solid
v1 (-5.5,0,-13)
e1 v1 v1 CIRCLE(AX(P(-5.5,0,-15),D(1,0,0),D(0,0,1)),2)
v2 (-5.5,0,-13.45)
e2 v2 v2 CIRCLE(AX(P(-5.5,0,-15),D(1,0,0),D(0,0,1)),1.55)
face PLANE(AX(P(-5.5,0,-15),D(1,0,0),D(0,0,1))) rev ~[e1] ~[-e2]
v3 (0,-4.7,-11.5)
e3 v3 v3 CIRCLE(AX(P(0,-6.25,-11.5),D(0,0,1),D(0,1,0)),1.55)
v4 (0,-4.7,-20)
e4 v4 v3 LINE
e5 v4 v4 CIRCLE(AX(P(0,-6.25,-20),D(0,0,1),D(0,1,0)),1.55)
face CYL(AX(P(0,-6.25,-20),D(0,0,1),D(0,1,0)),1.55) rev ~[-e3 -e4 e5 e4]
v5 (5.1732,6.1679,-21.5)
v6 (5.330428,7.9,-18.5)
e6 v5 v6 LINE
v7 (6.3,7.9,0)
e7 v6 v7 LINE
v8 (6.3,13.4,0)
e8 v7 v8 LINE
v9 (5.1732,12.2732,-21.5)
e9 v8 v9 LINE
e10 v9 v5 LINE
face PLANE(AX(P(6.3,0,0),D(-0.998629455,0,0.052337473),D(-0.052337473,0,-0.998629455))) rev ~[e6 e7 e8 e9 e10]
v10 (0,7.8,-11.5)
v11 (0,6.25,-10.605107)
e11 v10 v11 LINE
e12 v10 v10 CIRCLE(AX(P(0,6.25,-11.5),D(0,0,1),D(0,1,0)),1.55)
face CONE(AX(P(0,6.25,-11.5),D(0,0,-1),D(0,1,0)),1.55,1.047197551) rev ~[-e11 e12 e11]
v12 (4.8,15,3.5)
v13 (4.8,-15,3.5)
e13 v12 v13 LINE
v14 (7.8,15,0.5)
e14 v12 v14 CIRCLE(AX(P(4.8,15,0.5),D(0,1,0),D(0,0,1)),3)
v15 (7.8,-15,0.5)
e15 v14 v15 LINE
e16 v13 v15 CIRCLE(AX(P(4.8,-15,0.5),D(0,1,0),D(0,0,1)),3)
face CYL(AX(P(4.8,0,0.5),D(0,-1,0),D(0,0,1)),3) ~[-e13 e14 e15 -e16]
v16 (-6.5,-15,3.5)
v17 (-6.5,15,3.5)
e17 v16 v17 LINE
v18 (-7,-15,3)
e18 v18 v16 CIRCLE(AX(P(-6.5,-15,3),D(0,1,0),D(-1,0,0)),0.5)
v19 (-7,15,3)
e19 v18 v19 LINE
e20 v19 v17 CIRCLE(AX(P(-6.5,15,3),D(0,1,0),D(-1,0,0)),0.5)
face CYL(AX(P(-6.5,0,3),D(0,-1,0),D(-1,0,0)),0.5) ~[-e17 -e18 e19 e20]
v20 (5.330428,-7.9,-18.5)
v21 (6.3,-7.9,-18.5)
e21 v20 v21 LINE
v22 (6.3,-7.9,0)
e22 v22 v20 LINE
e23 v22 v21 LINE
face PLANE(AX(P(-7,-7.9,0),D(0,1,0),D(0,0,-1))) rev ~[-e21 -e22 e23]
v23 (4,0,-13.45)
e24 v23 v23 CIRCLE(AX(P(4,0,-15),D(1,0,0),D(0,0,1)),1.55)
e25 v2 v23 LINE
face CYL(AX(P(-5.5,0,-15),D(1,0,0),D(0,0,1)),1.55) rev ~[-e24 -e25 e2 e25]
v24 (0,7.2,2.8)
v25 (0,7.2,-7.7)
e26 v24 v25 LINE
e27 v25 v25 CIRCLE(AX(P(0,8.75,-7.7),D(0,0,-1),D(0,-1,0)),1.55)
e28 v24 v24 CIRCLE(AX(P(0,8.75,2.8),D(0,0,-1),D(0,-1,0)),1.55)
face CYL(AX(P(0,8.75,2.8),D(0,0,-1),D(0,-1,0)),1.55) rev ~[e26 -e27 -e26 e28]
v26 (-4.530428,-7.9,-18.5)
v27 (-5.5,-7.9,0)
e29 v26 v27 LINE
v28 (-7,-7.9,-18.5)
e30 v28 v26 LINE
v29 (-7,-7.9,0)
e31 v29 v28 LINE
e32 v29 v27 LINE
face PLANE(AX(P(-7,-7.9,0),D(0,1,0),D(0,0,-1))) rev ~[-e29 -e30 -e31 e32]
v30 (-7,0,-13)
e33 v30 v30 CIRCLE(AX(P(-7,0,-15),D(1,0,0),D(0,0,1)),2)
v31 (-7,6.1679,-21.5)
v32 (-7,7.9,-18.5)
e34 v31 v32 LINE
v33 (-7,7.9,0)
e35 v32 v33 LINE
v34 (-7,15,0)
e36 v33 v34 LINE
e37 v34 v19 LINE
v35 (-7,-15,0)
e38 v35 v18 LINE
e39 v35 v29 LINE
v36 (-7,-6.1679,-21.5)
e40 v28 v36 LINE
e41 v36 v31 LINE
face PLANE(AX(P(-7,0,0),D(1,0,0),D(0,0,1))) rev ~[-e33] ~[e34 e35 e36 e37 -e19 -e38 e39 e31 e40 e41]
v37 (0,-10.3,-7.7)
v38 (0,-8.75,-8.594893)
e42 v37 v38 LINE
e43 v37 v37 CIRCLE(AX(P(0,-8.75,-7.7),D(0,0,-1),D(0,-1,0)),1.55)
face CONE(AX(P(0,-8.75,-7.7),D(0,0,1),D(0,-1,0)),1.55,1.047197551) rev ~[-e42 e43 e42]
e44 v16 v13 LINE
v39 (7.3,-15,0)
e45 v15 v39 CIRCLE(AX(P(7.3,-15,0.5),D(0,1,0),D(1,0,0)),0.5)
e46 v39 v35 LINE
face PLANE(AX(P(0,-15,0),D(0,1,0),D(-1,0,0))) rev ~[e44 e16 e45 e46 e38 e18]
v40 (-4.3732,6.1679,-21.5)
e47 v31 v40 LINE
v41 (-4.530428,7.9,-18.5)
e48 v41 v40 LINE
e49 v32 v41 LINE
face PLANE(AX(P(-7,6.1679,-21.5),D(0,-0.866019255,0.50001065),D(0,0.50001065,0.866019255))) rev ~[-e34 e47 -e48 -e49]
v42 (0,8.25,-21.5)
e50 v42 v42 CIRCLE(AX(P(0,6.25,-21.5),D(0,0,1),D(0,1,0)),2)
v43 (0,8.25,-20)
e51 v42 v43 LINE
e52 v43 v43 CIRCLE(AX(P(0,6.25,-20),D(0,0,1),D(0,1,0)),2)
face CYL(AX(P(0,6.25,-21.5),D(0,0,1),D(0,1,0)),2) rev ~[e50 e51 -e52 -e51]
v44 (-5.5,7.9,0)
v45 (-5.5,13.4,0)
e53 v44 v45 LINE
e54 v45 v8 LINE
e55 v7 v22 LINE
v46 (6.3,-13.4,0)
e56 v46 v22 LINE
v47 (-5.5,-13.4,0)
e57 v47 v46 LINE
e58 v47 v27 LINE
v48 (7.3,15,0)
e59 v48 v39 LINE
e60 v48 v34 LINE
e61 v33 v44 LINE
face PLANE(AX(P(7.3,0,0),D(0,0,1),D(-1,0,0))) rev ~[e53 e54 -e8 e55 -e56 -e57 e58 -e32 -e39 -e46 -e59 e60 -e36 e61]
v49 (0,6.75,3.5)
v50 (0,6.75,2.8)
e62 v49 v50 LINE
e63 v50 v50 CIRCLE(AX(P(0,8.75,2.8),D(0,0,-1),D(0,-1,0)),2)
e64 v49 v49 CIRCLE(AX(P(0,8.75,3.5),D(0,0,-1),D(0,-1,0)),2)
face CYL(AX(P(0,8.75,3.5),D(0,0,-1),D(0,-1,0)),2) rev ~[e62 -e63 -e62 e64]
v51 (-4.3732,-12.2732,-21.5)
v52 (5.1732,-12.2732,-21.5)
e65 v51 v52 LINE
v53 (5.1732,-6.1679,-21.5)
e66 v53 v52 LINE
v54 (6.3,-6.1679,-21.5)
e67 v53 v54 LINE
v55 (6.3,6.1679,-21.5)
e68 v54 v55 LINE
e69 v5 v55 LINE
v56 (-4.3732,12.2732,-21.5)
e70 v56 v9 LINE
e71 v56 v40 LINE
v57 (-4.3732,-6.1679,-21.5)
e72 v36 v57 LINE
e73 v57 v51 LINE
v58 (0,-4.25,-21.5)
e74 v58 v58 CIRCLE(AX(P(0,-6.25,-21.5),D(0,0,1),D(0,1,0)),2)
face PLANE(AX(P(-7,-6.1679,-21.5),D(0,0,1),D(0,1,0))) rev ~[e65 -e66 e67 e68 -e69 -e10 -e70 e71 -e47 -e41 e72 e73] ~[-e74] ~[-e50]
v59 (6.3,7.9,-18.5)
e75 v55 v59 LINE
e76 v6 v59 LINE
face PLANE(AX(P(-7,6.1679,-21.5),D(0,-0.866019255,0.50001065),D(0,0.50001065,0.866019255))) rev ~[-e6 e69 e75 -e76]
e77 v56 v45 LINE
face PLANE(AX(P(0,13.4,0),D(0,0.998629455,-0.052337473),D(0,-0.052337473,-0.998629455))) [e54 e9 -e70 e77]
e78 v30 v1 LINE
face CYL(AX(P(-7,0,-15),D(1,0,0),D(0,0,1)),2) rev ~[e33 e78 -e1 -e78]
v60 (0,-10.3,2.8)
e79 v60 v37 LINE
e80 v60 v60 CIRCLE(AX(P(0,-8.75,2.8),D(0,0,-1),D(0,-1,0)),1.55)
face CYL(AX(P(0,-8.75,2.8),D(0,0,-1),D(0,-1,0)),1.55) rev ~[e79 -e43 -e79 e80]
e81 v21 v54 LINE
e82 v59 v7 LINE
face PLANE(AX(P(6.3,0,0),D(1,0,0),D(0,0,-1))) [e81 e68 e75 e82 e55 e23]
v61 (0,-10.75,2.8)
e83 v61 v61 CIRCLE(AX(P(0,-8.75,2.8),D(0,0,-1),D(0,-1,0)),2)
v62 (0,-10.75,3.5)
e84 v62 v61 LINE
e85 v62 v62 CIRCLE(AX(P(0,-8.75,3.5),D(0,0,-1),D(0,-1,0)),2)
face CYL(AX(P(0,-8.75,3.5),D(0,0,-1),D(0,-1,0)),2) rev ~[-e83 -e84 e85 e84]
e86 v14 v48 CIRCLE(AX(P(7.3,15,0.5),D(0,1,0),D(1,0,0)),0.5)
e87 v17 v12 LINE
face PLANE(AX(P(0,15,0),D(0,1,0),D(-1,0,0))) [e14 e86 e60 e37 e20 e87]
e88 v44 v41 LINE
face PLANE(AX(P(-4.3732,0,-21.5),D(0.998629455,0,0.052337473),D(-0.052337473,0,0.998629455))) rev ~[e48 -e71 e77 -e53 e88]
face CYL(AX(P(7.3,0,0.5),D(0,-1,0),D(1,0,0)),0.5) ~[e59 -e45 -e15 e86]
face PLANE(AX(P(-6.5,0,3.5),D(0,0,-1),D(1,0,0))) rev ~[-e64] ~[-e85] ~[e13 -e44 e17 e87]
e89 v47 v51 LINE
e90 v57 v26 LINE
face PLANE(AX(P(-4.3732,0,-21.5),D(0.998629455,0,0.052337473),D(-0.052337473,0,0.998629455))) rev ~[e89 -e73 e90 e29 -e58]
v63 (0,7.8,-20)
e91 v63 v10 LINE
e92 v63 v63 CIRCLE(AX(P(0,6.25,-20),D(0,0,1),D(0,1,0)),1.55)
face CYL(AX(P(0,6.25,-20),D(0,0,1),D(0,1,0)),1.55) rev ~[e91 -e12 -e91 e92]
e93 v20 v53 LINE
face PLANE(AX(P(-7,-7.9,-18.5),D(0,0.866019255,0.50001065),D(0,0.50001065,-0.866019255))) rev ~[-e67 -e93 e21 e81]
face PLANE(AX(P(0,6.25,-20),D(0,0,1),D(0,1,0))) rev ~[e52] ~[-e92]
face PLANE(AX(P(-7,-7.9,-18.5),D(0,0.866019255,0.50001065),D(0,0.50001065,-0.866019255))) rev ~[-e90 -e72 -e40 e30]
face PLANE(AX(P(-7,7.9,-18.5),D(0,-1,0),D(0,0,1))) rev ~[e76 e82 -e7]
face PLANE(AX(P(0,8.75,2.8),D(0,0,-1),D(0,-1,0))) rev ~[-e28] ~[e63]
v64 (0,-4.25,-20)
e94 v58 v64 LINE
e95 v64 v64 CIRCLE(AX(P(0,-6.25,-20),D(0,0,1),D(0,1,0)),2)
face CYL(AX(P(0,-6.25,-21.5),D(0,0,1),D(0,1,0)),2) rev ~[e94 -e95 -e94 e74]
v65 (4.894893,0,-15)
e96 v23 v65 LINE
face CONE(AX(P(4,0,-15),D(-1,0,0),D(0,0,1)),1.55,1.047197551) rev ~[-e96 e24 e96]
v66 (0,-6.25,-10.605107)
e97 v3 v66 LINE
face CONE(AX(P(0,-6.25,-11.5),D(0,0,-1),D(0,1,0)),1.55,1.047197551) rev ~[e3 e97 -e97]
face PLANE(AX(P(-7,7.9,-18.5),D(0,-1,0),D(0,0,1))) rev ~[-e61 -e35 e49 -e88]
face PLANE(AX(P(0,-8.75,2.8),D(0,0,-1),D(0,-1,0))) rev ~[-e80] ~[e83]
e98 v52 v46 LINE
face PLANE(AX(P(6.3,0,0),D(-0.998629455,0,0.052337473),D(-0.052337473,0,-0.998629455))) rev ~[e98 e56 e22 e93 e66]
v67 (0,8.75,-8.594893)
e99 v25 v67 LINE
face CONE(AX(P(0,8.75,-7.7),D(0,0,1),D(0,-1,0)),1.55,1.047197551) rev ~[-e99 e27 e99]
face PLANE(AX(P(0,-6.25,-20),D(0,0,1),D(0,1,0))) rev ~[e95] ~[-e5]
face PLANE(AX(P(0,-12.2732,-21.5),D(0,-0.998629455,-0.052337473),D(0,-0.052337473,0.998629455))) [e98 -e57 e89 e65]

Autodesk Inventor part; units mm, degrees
sketch "Sketch_1" plane through (0, 0, 0) normal (0, 1, 0) x (-1, 0, 0)
  line L0 (5.5, 0) -> (-6.3, 0)
  line L1 (-6.3, 0) -> (-5.1732, -21.5)
  line L2 (-5.1732, -21.5) -> (4.3732, -21.5)
  line L3 (4.3732, -21.5) -> (5.5, 0)
extrude "Extrusion1" add sketch "Sketch_1" along normal mid plane 26.8
sketch "Sketch_2" plane through (0, 0, 0) normal (1, 0, 0) x (0, 1, 0)
  line L0 (13.4, 0) -> (12.2732, -21.5)
  line L1 (12.2732, -21.5) -> (-12.2732, -21.5)
  line L2 (-12.2732, -21.5) -> (-13.4, 0)
  line L3 (-13.4, 0) -> (-15, 0)
  line L4 (-15, 0) -> (-15, -25)
  line L5 (-15, -25) -> (15, -25)
  line L6 (15, -25) -> (15, 0)
  line L7 (15, 0) -> (13.4, 0)
extrude "Extrusion2" cut sketch "Sketch_2" along normal mid plane 13
sketch "Sketch_3" plane through (-7, 0, 0) normal (1, 0, 0) x (0, 0, -1)
  line L0 (0, -7.9) -> (18.5, -7.9)
  line L1 (18.5, -7.9) -> (21.5, -6.1679)
  line L2 (21.5, -6.1679) -> (21.5, 6.1679)
  line L3 (21.5, 6.1679) -> (18.5, 7.9)
  line L4 (18.5, 7.9) -> (0, 7.9)
  line L5 (0, 7.9) -> (0, -7.9)
extrude "Extrusion3" add sketch "Sketch_3" along normal blind 13.3
sketch "Sketch_4" plane through (0, 0, 0) normal (0, 1, 0) x (-1, 0, 0)
  line L0 (7, 0) -> (7, 3)
  arc A0 (7, 3) -> (6.5, 3.5) centre (6.5, 3) ccw
  line L1 (6.5, 3.5) -> (-4.8, 3.5)
  arc A1 (-4.8, 3.5) -> (-7.8, 0.5) centre (-4.8, 0.5) ccw
  arc A2 (-7.8, 0.5) -> (-7.3, 0) centre (-7.3, 0.5) ccw
  line L2 (-7.3, 0) -> (7, 0)
extrude "Extrusion4" add sketch "Sketch_4" along normal mid plane 30
sketch "Sketch5" plane through (-6.5, 15, 3.5) normal (0, 0, 1) x (1, 0, 0)
  point P0 (6.5, -6.25)
hole "Drilling 1" at (0, 8.75, 3.5) direction (0, 0, -1) diameter 3.1 depth 11.2 tip angle 120 counterbore diameter 4 counterbore depth 0.7
sketch "Sketch6" plane through (-6.5, 15, 3.5) normal (0, 0, 1) x (1, 0, 0)
  point P0 (6.5, -23.75)
hole "Drilling 2" at (0, -8.75, 3.5) direction (0, 0, -1) diameter 3.1 depth 11.2 tip angle 120 counterbore diameter 4 counterbore depth 0.7
sketch "Sketch7" plane through (5.1732, 12.2732, -21.5) normal (0, 0, -1) x (-1, 0, 0)
  point P0 (5.1732, -6.0232)
hole "Drilling 3" at (0, 6.25, -21.5) direction (0, 0, 1) diameter 3.1 depth 10 tip angle 120 counterbore diameter 4 counterbore depth 1.5
sketch "Sketch8" plane through (5.1732, 12.2732, -21.5) normal (0, 0, -1) x (-1, 0, 0)
  point P0 (5.1732, -18.5232)
hole "Drilling 4" at (0, -6.25, -21.5) direction (0, 0, 1) diameter 3.1 depth 10 tip angle 120 counterbore diameter 4 counterbore depth 1.5
sketch "Sketch9" plane through (-7, 0, 0) normal (-1, 0, 0) x (0, 0, 1)
  point P0 (-15, 0)
hole "Drilling 5" at (-7, 0, -15) direction (1, 0, 0) diameter 3.1 depth 11 tip angle 120 counterbore diameter 4 counterbore depth 1.5
ref_plane "montageblocke_XY" through (0, -8.75, 3.5) normal (0, 0, 1) x (1, 0, 0)
ref_plane "montageblocke_YZ" through (0, -8.75, 3.5) normal (1, 0, 0) x (0, 1, 0)
ref_plane "montageblocke_ZX" through (0, -8.75, 3.5) normal (0, 1, 0) x (0, 0, 1)
ref_plane "montageblocke_2_XY" through (0, 8.75, 3.5) normal (0, 0, 1) x (1, 0, 0)
ref_plane "montageblocke_2_YZ" through (0, 8.75, 3.5) normal (1, 0, 0) x (0, 1, 0)
ref_plane "montageblocke_2_ZX" through (0, 8.75, 3.5) normal (0, 1, 0) x (0, 0, 1)
properties part number "1XXX.500_Montageblocke"
